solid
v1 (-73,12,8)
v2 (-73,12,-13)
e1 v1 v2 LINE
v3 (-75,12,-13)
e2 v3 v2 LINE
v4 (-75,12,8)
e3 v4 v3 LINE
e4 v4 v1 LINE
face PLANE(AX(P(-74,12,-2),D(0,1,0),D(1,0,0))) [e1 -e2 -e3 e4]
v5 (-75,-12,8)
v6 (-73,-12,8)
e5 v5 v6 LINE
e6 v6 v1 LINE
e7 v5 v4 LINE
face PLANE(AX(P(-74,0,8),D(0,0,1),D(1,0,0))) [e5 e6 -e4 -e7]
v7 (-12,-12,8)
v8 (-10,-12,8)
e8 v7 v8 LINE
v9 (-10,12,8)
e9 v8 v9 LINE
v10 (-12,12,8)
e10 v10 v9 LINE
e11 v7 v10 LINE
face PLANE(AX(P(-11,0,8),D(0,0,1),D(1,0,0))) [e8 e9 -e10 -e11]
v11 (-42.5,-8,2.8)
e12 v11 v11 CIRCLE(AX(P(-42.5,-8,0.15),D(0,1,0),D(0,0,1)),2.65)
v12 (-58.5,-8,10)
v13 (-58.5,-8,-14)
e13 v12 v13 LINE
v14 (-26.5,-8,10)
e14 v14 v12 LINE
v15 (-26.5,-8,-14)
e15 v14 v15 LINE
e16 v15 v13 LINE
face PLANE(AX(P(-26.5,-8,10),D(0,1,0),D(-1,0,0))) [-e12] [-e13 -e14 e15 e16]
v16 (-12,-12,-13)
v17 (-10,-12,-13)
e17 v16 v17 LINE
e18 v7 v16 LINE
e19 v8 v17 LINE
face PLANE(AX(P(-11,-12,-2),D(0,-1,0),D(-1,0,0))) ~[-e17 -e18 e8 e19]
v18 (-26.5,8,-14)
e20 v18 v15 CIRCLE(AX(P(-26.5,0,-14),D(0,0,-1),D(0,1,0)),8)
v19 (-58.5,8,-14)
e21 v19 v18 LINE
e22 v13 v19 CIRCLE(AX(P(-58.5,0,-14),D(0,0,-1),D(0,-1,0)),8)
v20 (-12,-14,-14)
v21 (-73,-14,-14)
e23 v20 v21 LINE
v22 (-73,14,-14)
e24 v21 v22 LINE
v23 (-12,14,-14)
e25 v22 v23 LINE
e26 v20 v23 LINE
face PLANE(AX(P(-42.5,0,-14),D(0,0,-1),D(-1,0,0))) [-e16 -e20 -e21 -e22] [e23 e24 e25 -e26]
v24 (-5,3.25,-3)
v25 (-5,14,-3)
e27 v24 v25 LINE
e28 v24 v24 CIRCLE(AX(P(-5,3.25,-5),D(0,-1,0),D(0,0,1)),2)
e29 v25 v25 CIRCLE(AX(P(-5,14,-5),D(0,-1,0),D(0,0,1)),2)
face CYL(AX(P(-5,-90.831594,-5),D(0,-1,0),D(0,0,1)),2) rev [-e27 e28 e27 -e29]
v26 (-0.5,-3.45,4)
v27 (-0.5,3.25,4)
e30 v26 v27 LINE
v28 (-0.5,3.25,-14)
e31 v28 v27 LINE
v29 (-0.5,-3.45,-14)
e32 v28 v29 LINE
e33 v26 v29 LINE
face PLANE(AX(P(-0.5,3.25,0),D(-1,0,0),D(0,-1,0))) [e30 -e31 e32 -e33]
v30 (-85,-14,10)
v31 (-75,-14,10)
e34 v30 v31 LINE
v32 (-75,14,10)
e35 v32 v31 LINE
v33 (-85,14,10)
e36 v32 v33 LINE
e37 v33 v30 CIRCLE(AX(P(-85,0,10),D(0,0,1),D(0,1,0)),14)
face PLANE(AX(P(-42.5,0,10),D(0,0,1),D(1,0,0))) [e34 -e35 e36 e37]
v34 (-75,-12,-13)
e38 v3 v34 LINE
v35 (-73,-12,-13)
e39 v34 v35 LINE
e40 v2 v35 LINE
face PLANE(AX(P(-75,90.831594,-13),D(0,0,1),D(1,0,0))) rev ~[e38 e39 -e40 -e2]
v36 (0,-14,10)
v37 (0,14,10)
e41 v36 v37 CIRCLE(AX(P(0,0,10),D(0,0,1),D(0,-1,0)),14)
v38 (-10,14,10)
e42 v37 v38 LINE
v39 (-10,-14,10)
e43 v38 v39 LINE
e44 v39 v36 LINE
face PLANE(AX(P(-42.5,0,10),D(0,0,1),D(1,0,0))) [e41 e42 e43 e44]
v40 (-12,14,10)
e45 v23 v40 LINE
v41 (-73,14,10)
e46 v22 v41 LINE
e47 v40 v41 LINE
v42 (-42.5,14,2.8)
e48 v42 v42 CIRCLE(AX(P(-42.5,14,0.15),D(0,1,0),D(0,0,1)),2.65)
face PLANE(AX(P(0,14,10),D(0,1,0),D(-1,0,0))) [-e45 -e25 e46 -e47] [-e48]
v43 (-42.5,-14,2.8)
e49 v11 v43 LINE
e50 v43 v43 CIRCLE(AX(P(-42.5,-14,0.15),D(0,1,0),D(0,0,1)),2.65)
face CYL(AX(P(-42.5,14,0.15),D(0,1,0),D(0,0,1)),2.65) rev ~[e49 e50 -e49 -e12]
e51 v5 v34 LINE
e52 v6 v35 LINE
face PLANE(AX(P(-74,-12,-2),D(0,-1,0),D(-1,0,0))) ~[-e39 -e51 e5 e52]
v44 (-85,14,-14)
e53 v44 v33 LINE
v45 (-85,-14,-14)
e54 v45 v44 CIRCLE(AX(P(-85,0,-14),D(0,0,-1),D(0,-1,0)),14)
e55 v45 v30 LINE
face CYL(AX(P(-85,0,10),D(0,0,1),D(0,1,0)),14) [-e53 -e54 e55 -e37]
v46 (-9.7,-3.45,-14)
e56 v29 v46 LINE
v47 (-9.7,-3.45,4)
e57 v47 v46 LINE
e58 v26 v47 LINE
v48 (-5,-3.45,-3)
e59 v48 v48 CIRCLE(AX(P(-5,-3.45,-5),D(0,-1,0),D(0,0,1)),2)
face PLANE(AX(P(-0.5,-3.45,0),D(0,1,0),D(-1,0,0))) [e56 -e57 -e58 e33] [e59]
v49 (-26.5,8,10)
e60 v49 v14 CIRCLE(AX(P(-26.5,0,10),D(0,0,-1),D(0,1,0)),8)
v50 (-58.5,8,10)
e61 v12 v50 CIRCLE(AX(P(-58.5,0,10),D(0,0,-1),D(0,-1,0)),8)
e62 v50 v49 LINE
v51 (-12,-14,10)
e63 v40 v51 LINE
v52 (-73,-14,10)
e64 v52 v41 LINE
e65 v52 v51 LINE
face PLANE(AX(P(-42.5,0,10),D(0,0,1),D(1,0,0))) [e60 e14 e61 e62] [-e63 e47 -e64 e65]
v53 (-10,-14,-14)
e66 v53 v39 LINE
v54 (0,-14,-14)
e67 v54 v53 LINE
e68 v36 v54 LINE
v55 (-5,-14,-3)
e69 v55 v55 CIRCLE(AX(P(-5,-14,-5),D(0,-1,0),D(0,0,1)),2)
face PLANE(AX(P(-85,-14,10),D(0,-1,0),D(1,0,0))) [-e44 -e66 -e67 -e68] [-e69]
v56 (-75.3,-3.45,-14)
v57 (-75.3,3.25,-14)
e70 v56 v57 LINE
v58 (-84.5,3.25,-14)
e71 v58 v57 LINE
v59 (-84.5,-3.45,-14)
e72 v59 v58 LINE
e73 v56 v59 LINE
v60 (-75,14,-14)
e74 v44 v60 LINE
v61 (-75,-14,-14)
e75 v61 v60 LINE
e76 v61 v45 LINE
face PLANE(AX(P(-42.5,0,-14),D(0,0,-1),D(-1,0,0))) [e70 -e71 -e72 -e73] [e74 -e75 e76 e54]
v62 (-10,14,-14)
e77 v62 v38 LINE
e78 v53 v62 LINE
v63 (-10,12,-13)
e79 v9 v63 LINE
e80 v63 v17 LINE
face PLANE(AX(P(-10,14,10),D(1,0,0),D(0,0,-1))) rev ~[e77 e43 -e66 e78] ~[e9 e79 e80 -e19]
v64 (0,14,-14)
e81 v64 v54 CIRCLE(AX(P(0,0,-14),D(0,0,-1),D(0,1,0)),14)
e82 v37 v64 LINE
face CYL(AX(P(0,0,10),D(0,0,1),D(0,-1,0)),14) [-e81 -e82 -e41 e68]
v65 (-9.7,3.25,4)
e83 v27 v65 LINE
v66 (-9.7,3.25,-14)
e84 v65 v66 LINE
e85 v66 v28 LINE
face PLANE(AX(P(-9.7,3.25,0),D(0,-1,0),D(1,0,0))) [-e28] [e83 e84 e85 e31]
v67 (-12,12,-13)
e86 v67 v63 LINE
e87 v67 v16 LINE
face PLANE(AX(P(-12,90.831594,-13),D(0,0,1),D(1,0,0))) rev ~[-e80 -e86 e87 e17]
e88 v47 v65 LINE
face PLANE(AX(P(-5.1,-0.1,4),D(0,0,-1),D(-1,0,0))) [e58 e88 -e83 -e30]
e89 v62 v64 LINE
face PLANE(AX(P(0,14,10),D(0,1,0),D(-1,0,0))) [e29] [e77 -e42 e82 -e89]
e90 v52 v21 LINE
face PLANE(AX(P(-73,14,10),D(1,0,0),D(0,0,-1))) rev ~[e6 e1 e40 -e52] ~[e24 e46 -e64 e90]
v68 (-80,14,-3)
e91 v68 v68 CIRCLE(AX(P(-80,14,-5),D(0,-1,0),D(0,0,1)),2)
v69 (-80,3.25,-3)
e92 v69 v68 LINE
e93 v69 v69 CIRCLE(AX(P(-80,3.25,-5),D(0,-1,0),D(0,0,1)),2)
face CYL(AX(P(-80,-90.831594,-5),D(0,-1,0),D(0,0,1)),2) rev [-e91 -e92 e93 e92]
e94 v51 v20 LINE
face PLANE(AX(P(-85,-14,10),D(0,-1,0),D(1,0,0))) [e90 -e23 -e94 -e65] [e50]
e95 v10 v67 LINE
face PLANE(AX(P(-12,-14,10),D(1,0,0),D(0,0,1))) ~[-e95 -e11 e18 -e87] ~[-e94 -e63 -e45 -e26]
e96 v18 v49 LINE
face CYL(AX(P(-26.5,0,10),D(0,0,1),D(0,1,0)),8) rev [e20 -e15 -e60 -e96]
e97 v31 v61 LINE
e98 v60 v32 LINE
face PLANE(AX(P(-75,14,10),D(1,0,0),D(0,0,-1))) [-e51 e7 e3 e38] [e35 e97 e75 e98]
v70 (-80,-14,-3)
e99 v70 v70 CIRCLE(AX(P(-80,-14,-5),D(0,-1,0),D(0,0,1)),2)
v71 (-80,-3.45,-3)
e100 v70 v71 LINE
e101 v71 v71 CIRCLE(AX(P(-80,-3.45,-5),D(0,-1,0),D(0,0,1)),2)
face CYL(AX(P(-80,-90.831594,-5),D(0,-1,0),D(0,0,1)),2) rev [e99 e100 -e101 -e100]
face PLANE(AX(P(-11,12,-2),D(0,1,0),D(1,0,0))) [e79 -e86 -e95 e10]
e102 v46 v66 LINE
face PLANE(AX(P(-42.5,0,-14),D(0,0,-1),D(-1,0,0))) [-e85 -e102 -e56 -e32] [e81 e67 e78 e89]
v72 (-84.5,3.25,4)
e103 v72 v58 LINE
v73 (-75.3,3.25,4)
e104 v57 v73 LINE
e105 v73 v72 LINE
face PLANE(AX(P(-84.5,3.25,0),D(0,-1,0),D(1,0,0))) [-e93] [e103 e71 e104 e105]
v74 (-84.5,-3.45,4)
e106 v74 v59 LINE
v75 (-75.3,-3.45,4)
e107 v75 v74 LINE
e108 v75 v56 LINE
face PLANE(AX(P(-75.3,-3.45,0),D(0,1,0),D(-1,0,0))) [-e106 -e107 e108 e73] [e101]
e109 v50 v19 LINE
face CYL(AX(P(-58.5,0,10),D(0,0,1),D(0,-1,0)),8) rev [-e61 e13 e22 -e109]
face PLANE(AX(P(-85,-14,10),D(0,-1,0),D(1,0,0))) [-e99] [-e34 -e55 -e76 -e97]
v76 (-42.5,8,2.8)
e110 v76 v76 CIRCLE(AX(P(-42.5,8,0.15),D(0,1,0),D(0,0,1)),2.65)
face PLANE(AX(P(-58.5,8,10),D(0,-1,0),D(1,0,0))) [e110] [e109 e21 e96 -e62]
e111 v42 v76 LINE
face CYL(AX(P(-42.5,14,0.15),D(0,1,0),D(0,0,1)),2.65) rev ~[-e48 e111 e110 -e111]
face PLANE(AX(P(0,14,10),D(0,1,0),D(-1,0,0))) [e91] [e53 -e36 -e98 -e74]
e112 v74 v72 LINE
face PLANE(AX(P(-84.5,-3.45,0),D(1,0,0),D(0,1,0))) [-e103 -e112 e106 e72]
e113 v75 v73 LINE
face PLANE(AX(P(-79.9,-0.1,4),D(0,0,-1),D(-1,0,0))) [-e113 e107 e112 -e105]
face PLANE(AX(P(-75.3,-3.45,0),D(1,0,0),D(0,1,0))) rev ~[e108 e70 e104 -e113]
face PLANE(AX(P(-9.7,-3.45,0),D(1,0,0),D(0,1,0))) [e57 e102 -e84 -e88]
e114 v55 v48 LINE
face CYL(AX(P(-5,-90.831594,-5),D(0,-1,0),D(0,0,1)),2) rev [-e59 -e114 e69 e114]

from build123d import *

# Parameters (mm, degrees)
EXTRUDE_1_DEPTH          = 14
EXTRUDE_START            = 10
EXTRUDE_2_DEPTH          = 10
CUT_EXTRUDE_1_DEPTH      = 104.831594421
CUT_EXTRUDE_1_DEPTH_BACK = 104.831594421
SKETCH_3_R               = 2
SKETCH_4_R               = 2.65
CUT_EXTRUDE_2_DEPTH      = 104.831594421
SKETCH_6_W               = 2
SKETCH_6_H               = 24
CUT_EXTRUDE_3_DEPTH      = 2
SKETCH_7_W               = 2
SKETCH_7_H               = 24
CUT_EXTRUDE_4_DEPTH      = 2
SKETCH_8_W               = 2
SKETCH_8_H               = 28
CUT_EXTRUDE_5_DEPTH      = 2
CUT_EXTRUDE_6_DEPTH      = 104.831594421
CUT_EXTRUDE_6_DEPTH_BACK = 104.831594421
SKETCH_9_W               = 2
SKETCH_9_H               = 1
SKETCH_10_W              = 9.2
SKETCH_10_H              = 6.7
CUT_EXTRUDE_7_DEPTH      = 4


with BuildPart() as part:
    # 草图2 → 凸台-拉伸1 (new body)
    with BuildSketch(Plane.XY):
        with BuildLine():
            Line((0, 14), (-85, 14))
            ThreePointArc((-85, 14), (-99, 0), (-85, -14))
            Line((-85, -14), (0, -14))
            ThreePointArc((0, -14), (14, 0), (0, 14))
        make_face()
        Polygon((-84.5, 2.444987437), (-84.5, 3.05), (-84.5, 3.25), (-84.3, 3.25), (-75.7, 3.25), (-75.481671923, 3.25), (-75.3, 3.25), (-75.3, -3.45), (-75.481671923, -3.45), (-84.5, -3.45), (-84.5, -3.05), (-84.5, 0.455012563), align=None, mode=Mode.SUBTRACT)
        with BuildLine():
            ThreePointArc((-26.5, 8), (-18.5, 0), (-26.5, -8))
            Line((-26.5, -8), (-58.5, -8))
            ThreePointArc((-58.5, -8), (-66.5, 0), (-58.5, 8))
            Line((-58.5, 8), (-26.5, 8))
        make_face(mode=Mode.SUBTRACT)
        Polygon((-9.7, -3.45), (-9.7, 3.25), (-9.518328077, 3.25), (-0.5, 3.25), (-0.5, 3.05), (-0.5, -3.45), (-9.518328077, -3.45), align=None, mode=Mode.SUBTRACT)
    extrude(amount=-EXTRUDE_1_DEPTH)

    # 草图2<3> → 凸台-拉伸2 (add)
    with BuildSketch(Plane.XY.offset(EXTRUDE_START)):
        with BuildLine():
            Line((0, 14), (-85, 14))
            ThreePointArc((-85, 14), (-99, 0), (-85, -14))
            Line((-85, -14), (0, -14))
            ThreePointArc((0, -14), (14, 0), (0, 14))
        make_face()
        with BuildLine():
            ThreePointArc((-26.5, 8), (-18.5, 0), (-26.5, -8))
            Line((-26.5, -8), (-58.5, -8))
            ThreePointArc((-58.5, -8), (-66.5, 0), (-58.5, 8))
            Line((-58.5, 8), (-26.5, 8))
        make_face(mode=Mode.SUBTRACT)
    extrude(amount=-EXTRUDE_2_DEPTH)

    # 草图3 → 切除-拉伸1 (cut, two sides: drawn at the far end of the back side and taken through both)
    with BuildSketch(Plane(origin=(0, 14, 0), x_dir=(1, 0, 0), z_dir=(0, 1, 0)).offset(-CUT_EXTRUDE_1_DEPTH_BACK)):
        with Locations((-5, 5)):
            Circle(SKETCH_3_R)
        with Locations((-80, 5)):
            Circle(SKETCH_3_R)
    extrude(amount=CUT_EXTRUDE_1_DEPTH + CUT_EXTRUDE_1_DEPTH_BACK, mode=Mode.SUBTRACT)

    # 草图4 → 切除-拉伸2 (cut, through all)
    with BuildSketch(Plane(origin=(0, 14, 0), x_dir=(1, 0, 0), z_dir=(0, 1, 0))):
        with Locations((-42.5, -0.15)):
            Circle(SKETCH_4_R)
    extrude(amount=-CUT_EXTRUDE_2_DEPTH, mode=Mode.SUBTRACT)

    # 草图6 → 切除-拉伸3 (cut)
    with BuildSketch(Plane(origin=(0, 14, 0), x_dir=(1, 0, 0), z_dir=(0, 1, 0))):
        with Locations((-11, 2)):
            Rectangle(SKETCH_6_W, SKETCH_6_H)
    cut_extrude_3 = extrude(amount=-CUT_EXTRUDE_3_DEPTH, mode=Mode.SUBTRACT)

    # 镜向1: 切除-拉伸3 across plane
    add(cut_extrude_3.mirror(Plane.ZX), mode=Mode.SUBTRACT)

    # 草图7 → 切除-拉伸4 (cut)
    with BuildSketch(Plane(origin=(0, 14, 0), x_dir=(1, 0, 0), z_dir=(0, 1, 0))):
        with Locations((-74, 2)):
            Rectangle(SKETCH_7_W, SKETCH_7_H)
    cut_extrude_4 = extrude(amount=-CUT_EXTRUDE_4_DEPTH, mode=Mode.SUBTRACT)

    # 镜向2: 切除-拉伸4 across plane
    add(cut_extrude_4.mirror(Plane.ZX), mode=Mode.SUBTRACT)

    # 草图8 → 切除-拉伸5 (cut)
    with BuildSketch(Plane.XY.offset(10)):
        with Locations((-11, 0)):
            Rectangle(SKETCH_8_W, SKETCH_8_H)
        with Locations((-74, 0)):
            Rectangle(SKETCH_8_W, SKETCH_8_H)
    extrude(amount=-CUT_EXTRUDE_5_DEPTH, mode=Mode.SUBTRACT)

    # 草图9 → 切除-拉伸6 (cut, two sides: drawn at the far end of the back side and taken through both)
    with BuildSketch(Plane.XZ.offset(14).offset(-CUT_EXTRUDE_6_DEPTH_BACK)):
        with Locations((-74, -13.5)):
            Rectangle(SKETCH_9_W, SKETCH_9_H)
        with Locations((-11, -13.5)):
            Rectangle(SKETCH_9_W, SKETCH_9_H)
    extrude(amount=CUT_EXTRUDE_6_DEPTH + CUT_EXTRUDE_6_DEPTH_BACK, mode=Mode.SUBTRACT)

    # 草图10 → 切除-拉伸7 (cut)
    with BuildSketch(Plane(origin=(0, 0, 0), x_dir=(-1, 0, 0), z_dir=(0, 0, -1))):
        with Locations((79.9, -0.1)):
            Rectangle(SKETCH_10_W, SKETCH_10_H)
        with Locations((5.1, -0.1)):
            Rectangle(SKETCH_10_W, SKETCH_10_H)
    extrude(amount=-CUT_EXTRUDE_7_DEPTH, mode=Mode.SUBTRACT)


solid = part.part
